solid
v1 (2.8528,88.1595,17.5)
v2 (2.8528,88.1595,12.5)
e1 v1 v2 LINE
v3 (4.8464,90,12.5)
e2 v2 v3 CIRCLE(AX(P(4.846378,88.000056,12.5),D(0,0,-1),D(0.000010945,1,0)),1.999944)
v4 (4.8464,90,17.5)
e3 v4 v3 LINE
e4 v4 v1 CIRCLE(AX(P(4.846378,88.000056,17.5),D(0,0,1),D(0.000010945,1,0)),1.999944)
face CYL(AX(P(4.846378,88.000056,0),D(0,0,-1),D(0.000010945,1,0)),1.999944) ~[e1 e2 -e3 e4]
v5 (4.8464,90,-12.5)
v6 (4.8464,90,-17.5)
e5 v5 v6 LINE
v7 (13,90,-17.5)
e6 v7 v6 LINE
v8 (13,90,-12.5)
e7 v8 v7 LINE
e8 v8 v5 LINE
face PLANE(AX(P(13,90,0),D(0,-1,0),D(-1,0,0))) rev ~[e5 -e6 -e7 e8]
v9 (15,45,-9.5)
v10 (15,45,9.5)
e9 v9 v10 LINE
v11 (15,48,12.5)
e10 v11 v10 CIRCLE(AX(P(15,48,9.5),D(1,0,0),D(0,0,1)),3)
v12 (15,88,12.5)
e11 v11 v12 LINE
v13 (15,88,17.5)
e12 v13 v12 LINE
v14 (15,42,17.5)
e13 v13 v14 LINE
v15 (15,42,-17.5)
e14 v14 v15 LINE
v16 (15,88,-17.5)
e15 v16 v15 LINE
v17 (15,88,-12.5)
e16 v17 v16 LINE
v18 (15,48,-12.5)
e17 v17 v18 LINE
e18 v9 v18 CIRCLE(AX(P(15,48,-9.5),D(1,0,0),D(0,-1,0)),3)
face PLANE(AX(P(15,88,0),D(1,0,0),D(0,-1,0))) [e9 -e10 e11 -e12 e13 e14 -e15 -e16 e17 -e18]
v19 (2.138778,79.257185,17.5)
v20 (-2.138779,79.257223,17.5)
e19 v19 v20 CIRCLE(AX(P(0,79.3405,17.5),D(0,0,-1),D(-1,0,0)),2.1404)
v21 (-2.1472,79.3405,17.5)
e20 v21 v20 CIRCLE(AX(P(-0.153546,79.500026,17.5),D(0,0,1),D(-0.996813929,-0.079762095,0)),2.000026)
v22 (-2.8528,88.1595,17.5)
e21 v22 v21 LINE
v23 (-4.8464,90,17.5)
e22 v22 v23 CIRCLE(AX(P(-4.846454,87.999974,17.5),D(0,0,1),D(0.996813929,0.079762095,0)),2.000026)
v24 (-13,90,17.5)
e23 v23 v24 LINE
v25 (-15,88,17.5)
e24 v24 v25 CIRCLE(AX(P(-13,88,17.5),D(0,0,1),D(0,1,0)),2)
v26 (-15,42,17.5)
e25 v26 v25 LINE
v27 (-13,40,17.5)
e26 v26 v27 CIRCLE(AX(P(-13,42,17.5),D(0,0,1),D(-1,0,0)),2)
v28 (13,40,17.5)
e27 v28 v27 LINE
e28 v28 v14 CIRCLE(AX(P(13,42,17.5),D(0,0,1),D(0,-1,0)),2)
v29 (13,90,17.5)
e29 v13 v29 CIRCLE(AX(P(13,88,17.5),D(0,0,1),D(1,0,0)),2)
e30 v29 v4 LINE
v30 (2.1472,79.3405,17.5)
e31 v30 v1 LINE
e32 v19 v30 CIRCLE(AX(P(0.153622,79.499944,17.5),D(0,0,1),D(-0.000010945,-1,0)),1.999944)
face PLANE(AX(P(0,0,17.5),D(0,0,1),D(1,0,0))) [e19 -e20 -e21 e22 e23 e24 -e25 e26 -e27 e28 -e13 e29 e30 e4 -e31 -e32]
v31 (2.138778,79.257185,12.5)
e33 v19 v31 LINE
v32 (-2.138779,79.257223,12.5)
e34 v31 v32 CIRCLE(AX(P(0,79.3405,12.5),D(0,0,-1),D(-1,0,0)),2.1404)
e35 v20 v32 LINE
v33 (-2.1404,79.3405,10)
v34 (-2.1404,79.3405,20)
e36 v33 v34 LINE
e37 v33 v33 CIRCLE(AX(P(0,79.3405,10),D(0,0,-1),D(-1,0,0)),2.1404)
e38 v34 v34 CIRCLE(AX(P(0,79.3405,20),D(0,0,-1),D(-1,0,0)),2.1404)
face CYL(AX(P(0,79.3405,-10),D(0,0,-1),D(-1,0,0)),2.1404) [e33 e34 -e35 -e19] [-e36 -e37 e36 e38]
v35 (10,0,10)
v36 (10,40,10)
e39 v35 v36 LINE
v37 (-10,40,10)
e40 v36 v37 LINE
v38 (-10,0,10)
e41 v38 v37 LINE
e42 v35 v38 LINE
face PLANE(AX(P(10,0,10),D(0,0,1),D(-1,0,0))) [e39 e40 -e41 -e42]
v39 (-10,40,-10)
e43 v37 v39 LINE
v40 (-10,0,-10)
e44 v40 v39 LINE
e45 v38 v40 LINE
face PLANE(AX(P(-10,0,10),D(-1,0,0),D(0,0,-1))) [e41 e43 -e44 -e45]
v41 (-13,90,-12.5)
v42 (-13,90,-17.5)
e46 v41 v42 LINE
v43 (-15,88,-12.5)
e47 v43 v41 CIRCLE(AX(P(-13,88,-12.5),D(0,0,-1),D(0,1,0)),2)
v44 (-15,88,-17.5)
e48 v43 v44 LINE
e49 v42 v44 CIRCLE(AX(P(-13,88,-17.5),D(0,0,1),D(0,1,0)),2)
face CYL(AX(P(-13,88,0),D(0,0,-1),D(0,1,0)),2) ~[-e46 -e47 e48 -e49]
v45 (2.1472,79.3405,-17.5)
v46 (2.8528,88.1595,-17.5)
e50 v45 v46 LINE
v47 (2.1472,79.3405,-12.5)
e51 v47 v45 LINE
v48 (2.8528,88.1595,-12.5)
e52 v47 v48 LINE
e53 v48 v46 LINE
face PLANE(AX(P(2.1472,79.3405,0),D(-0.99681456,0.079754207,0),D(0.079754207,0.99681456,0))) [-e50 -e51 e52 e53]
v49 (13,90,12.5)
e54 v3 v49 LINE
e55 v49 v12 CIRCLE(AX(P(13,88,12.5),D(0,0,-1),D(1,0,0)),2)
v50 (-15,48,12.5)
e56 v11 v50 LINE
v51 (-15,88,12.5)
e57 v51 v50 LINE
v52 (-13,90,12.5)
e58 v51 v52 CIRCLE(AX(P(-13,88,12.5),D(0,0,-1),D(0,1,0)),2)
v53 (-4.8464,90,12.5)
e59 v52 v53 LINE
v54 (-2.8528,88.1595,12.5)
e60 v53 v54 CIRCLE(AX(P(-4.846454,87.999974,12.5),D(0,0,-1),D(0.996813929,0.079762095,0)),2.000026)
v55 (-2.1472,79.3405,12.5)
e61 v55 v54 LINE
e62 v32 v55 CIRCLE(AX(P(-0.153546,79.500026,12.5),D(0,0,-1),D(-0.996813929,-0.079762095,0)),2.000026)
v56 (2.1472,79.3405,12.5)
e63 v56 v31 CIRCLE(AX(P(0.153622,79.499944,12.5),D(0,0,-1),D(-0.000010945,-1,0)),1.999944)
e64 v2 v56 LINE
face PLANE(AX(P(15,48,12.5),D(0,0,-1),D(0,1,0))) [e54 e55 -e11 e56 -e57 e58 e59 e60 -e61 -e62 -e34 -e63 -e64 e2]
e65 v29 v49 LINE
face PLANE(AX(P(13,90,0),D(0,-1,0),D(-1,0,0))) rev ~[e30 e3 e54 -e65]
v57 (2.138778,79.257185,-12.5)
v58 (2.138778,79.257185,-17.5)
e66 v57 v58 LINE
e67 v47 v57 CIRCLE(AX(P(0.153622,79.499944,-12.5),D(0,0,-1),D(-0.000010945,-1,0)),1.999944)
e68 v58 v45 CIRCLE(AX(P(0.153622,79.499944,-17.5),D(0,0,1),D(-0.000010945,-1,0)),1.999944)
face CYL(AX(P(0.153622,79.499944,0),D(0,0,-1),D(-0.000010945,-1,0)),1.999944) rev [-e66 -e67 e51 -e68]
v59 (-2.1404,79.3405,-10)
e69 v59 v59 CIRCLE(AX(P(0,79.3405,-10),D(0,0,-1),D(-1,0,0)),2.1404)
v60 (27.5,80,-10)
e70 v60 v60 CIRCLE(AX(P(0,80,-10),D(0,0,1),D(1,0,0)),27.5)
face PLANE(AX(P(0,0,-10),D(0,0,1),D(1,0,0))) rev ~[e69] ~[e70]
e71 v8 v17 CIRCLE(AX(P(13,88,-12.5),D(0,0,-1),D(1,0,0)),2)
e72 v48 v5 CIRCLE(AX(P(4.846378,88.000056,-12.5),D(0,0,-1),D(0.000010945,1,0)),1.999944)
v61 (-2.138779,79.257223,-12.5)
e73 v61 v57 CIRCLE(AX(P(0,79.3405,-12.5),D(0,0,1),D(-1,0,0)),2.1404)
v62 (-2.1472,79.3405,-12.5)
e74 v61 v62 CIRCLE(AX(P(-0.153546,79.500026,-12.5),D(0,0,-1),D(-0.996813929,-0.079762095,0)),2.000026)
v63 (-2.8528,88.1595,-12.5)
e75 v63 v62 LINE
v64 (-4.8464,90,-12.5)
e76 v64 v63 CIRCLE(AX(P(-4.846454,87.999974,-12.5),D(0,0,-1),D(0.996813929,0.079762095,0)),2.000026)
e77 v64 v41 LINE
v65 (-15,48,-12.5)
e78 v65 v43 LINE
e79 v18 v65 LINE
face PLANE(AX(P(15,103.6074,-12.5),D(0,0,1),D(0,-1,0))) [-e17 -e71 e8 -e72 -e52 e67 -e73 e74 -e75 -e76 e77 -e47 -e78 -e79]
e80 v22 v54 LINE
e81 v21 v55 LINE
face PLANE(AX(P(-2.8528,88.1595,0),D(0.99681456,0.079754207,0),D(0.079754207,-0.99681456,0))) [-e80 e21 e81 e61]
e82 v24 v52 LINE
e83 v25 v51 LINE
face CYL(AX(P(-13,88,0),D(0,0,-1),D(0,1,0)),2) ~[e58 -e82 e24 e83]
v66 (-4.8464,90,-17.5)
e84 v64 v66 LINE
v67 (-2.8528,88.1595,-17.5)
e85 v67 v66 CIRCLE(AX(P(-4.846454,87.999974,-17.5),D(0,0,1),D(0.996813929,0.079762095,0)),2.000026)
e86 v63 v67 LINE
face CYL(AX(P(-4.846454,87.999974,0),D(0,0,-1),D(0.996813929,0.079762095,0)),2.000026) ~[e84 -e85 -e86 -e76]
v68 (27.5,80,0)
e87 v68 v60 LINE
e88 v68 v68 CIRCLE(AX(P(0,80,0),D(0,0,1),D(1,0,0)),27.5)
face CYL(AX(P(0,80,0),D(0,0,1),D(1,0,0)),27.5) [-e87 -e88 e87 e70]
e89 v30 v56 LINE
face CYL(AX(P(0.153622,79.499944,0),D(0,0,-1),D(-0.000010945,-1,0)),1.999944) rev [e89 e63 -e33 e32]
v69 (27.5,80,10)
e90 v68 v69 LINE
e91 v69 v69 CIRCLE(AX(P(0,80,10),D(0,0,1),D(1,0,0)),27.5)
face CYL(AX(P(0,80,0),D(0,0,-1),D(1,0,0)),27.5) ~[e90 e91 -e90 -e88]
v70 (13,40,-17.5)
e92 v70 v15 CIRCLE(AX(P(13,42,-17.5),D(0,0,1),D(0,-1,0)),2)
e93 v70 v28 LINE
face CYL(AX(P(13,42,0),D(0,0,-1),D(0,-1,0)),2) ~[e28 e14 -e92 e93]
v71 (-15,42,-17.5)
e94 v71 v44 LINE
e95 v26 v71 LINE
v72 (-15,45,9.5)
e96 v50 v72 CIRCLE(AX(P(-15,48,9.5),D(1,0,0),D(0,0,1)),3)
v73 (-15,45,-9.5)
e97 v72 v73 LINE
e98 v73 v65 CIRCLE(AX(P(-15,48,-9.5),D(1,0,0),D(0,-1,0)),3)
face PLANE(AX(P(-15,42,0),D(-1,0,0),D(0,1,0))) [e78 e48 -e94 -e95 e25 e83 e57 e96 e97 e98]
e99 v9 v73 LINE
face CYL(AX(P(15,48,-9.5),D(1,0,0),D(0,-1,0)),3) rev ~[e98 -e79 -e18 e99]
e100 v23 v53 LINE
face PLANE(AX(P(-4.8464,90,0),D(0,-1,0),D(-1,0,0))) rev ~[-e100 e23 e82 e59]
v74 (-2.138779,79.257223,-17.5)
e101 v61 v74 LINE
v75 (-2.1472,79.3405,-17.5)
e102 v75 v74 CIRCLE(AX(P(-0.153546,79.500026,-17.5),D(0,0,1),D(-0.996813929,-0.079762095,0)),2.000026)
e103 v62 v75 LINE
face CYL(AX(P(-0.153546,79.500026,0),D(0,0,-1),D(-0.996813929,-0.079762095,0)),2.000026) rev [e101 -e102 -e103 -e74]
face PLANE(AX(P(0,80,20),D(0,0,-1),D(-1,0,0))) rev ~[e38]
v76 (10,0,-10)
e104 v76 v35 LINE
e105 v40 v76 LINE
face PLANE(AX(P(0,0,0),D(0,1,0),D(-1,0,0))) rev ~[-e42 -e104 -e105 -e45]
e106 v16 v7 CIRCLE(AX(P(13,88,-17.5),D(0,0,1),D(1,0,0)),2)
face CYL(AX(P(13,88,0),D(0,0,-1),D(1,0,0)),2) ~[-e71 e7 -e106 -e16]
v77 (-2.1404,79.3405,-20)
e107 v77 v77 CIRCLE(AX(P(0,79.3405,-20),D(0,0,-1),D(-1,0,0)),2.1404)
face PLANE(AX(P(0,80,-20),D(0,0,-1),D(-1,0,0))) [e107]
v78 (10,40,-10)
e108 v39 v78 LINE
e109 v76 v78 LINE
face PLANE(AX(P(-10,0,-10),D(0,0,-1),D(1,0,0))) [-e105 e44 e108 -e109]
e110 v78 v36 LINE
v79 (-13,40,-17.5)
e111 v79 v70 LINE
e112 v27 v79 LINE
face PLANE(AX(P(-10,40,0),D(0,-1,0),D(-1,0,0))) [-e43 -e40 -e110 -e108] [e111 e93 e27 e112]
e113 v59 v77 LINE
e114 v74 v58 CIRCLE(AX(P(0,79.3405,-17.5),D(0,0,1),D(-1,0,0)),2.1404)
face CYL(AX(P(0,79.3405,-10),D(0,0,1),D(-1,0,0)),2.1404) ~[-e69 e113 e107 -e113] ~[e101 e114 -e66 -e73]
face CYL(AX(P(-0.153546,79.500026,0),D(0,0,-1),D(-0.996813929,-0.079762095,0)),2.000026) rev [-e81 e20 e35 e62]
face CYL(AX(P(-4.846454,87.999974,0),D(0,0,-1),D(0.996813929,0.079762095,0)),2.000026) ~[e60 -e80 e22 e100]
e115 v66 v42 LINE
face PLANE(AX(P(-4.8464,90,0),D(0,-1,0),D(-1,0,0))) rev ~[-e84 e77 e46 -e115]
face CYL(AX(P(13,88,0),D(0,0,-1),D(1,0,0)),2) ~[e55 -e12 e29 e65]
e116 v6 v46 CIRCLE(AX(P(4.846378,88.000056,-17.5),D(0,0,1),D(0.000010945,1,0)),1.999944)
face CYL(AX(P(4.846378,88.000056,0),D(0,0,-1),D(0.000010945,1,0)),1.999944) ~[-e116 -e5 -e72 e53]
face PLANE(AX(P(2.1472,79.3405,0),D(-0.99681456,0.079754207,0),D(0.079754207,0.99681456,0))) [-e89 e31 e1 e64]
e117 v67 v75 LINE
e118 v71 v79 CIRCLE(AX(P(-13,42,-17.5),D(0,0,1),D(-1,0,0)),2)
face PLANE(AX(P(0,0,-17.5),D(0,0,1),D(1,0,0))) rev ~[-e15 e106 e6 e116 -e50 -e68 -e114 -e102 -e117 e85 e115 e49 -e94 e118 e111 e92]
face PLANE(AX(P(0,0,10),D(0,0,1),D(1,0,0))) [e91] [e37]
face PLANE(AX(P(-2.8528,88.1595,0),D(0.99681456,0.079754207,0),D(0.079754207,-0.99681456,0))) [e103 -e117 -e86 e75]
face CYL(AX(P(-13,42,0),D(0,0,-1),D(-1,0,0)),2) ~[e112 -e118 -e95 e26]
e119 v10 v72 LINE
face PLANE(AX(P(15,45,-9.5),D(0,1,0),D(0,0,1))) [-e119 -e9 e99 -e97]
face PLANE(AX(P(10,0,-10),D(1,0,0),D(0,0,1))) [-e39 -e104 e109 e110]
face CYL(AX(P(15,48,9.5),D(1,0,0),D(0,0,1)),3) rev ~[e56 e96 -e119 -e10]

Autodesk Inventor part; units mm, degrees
ref_plane "YZ Plane" through (0, 0, 0) normal (1, 0, 0) x (0, 1, 0)
ref_plane "XZ Plane" through (0, 0, 0) normal (0, 1, 0) x (-1, 0, 0)
ref_plane "XY Plane" through (0, 0, 0) normal (0, 0, 1) x (1, 0, 0)
sketch "Esquisse2" plane through (0, 0, 0) normal (0, 1, 0) x (-1, 0, 0)
  line L0 (10, -10) -> (-10, -10)
  line L1 (-10, -10) -> (-10, 10)
  line L2 (-10, 10) -> (10, 10)
  line L3 (10, 10) -> (10, -10)
  line L4 (10, -10) -> (-10, 10) construction
  line L5 (-10, -10) -> (10, 10) construction
  point P0 (0, 0)
  dimension "d6" = 20
  dimension "d7" = 20
extrude "Extrusion1" add sketch "Esquisse2" along normal blind 40
sketch "Esquisse3" plane through (0, 0, 0) normal (0, 0, 1) x (1, 0, 0)
  line L0 (-10, 40) -> (10, 40) projected
  line L1 (15, 88) -> (15, 42)
  line L2 (13, 40) -> (-13, 40)
  line L3 (-15, 42) -> (-15, 88)
  line L4 (-15, 90) -> (15, 40) construction
  line L5 (15, 90) -> (-15, 40) construction
  line L6 (13, 90) -> (4.8464, 90)
  line L7 (-4.8464, 90) -> (-13, 90)
  line L8 (-15, 90) -> (-3, 90)
  line L9 (3, 90) -> (15, 90)
  line L10 (-2.8528, 88.1595) -> (-2.1472, 79.3405)
  line L11 (-0.1536, 77.5) -> (0.1536, 77.5)
  line L12 (2.1472, 79.3405) -> (2.8528, 88.1595)
  arc A0 (-13, 90) -> (-15, 88) centre (-13, 88) ccw
  arc A1 (15, 88) -> (13, 90) centre (13, 88) ccw
  arc A2 (-2.1472, 79.3405) -> (-0.1536, 77.5) centre (-0.1536, 79.5) ccw
  arc A3 (0.1536, 77.5) -> (2.1472, 79.3405) centre (0.1536, 79.5) ccw
  arc A4 (-2.8528, 88.1595) -> (-4.8464, 90) centre (-4.8464, 88) ccw
  arc A5 (4.8464, 90) -> (2.8528, 88.1595) centre (4.8464, 88) ccw
  arc A6 (-15, 42) -> (-13, 40) centre (-13, 42) ccw
  arc A7 (13, 40) -> (15, 42) centre (13, 42) ccw
  point P0 (0, 0)
  point P1 (0, 65)
  point P2 (-2, 77.5)
  point P3 (2, 77.5)
  dimension "d10" = 30
  dimension "d11" = 50
  dimension "d12" = 0
  dimension "d23" = 12
  dimension "d24" = 12
  dimension "d27" = 4
  dimension "d28" = 1
  dimension "d29" = 37.5
  dimension "d30" = 2
extrude "Extrusion2" add sketch "Esquisse3" along normal mid plane 35
sketch "Esquisse5" plane through (15, 42, 17.5) normal (1, 0, 0) x (0, 0, -1)
  line L0 (5, 61.6074) -> (30, 61.6074)
  line L1 (30, 61.6074) -> (30, 6)
  line L2 (27, 3) -> (8, 3)
  line L3 (5, 6) -> (5, 61.6074)
  line L4 (5, 61.6074) -> (30, 3) construction
  line L5 (30, 61.6074) -> (5, 3) construction
  line L6 (35, 46) -> (35, 0) projected
  line L7 (35, -2) -> (0, -2) projected
  line L8 (0, 0) -> (0, 46) projected
  arc A0 (5, 6) -> (8, 3) centre (8, 6) ccw
  arc A1 (27, 3) -> (30, 6) centre (27, 6) ccw
  point P0 (17.5, -42)
  point P1 (17.5, 32.3037)
  dimension "d31" = 5
  dimension "d32" = 5
  dimension "d33" = 5
  dimension "d34" = 3
extrude "Extrusion4" cut sketch "Esquisse5" against normal blind 35
sketch "Esquisse6" plane through (0, 0, 0) normal (0, 0, 1) x (1, 0, 0)
  circle A0 centre (0, 80) radius 27.5
  line L0 (13, 40) -> (-13, 40) projected
  point P0 (0, 0)
  dimension "d37" = 55
  dimension "d38" = 40
extrude "Extrusion5" add sketch "Esquisse6" along normal mid plane 20
sketch "Esquisse7" plane through (0, 80, -10) normal (0, 0, -1) x (-1, 0, 0)
  circle A0 centre (0, -0.6595) radius 2.1404
  line L0 (-2.1472, -0.6595) -> (-2.8528, 8.1595) projected
  point P0 (0, -80)
extrude "Extrusion6" add sketch "Esquisse7" along normal blind 10 and the other way blind 30
properties part number "RouleauTendeur"
